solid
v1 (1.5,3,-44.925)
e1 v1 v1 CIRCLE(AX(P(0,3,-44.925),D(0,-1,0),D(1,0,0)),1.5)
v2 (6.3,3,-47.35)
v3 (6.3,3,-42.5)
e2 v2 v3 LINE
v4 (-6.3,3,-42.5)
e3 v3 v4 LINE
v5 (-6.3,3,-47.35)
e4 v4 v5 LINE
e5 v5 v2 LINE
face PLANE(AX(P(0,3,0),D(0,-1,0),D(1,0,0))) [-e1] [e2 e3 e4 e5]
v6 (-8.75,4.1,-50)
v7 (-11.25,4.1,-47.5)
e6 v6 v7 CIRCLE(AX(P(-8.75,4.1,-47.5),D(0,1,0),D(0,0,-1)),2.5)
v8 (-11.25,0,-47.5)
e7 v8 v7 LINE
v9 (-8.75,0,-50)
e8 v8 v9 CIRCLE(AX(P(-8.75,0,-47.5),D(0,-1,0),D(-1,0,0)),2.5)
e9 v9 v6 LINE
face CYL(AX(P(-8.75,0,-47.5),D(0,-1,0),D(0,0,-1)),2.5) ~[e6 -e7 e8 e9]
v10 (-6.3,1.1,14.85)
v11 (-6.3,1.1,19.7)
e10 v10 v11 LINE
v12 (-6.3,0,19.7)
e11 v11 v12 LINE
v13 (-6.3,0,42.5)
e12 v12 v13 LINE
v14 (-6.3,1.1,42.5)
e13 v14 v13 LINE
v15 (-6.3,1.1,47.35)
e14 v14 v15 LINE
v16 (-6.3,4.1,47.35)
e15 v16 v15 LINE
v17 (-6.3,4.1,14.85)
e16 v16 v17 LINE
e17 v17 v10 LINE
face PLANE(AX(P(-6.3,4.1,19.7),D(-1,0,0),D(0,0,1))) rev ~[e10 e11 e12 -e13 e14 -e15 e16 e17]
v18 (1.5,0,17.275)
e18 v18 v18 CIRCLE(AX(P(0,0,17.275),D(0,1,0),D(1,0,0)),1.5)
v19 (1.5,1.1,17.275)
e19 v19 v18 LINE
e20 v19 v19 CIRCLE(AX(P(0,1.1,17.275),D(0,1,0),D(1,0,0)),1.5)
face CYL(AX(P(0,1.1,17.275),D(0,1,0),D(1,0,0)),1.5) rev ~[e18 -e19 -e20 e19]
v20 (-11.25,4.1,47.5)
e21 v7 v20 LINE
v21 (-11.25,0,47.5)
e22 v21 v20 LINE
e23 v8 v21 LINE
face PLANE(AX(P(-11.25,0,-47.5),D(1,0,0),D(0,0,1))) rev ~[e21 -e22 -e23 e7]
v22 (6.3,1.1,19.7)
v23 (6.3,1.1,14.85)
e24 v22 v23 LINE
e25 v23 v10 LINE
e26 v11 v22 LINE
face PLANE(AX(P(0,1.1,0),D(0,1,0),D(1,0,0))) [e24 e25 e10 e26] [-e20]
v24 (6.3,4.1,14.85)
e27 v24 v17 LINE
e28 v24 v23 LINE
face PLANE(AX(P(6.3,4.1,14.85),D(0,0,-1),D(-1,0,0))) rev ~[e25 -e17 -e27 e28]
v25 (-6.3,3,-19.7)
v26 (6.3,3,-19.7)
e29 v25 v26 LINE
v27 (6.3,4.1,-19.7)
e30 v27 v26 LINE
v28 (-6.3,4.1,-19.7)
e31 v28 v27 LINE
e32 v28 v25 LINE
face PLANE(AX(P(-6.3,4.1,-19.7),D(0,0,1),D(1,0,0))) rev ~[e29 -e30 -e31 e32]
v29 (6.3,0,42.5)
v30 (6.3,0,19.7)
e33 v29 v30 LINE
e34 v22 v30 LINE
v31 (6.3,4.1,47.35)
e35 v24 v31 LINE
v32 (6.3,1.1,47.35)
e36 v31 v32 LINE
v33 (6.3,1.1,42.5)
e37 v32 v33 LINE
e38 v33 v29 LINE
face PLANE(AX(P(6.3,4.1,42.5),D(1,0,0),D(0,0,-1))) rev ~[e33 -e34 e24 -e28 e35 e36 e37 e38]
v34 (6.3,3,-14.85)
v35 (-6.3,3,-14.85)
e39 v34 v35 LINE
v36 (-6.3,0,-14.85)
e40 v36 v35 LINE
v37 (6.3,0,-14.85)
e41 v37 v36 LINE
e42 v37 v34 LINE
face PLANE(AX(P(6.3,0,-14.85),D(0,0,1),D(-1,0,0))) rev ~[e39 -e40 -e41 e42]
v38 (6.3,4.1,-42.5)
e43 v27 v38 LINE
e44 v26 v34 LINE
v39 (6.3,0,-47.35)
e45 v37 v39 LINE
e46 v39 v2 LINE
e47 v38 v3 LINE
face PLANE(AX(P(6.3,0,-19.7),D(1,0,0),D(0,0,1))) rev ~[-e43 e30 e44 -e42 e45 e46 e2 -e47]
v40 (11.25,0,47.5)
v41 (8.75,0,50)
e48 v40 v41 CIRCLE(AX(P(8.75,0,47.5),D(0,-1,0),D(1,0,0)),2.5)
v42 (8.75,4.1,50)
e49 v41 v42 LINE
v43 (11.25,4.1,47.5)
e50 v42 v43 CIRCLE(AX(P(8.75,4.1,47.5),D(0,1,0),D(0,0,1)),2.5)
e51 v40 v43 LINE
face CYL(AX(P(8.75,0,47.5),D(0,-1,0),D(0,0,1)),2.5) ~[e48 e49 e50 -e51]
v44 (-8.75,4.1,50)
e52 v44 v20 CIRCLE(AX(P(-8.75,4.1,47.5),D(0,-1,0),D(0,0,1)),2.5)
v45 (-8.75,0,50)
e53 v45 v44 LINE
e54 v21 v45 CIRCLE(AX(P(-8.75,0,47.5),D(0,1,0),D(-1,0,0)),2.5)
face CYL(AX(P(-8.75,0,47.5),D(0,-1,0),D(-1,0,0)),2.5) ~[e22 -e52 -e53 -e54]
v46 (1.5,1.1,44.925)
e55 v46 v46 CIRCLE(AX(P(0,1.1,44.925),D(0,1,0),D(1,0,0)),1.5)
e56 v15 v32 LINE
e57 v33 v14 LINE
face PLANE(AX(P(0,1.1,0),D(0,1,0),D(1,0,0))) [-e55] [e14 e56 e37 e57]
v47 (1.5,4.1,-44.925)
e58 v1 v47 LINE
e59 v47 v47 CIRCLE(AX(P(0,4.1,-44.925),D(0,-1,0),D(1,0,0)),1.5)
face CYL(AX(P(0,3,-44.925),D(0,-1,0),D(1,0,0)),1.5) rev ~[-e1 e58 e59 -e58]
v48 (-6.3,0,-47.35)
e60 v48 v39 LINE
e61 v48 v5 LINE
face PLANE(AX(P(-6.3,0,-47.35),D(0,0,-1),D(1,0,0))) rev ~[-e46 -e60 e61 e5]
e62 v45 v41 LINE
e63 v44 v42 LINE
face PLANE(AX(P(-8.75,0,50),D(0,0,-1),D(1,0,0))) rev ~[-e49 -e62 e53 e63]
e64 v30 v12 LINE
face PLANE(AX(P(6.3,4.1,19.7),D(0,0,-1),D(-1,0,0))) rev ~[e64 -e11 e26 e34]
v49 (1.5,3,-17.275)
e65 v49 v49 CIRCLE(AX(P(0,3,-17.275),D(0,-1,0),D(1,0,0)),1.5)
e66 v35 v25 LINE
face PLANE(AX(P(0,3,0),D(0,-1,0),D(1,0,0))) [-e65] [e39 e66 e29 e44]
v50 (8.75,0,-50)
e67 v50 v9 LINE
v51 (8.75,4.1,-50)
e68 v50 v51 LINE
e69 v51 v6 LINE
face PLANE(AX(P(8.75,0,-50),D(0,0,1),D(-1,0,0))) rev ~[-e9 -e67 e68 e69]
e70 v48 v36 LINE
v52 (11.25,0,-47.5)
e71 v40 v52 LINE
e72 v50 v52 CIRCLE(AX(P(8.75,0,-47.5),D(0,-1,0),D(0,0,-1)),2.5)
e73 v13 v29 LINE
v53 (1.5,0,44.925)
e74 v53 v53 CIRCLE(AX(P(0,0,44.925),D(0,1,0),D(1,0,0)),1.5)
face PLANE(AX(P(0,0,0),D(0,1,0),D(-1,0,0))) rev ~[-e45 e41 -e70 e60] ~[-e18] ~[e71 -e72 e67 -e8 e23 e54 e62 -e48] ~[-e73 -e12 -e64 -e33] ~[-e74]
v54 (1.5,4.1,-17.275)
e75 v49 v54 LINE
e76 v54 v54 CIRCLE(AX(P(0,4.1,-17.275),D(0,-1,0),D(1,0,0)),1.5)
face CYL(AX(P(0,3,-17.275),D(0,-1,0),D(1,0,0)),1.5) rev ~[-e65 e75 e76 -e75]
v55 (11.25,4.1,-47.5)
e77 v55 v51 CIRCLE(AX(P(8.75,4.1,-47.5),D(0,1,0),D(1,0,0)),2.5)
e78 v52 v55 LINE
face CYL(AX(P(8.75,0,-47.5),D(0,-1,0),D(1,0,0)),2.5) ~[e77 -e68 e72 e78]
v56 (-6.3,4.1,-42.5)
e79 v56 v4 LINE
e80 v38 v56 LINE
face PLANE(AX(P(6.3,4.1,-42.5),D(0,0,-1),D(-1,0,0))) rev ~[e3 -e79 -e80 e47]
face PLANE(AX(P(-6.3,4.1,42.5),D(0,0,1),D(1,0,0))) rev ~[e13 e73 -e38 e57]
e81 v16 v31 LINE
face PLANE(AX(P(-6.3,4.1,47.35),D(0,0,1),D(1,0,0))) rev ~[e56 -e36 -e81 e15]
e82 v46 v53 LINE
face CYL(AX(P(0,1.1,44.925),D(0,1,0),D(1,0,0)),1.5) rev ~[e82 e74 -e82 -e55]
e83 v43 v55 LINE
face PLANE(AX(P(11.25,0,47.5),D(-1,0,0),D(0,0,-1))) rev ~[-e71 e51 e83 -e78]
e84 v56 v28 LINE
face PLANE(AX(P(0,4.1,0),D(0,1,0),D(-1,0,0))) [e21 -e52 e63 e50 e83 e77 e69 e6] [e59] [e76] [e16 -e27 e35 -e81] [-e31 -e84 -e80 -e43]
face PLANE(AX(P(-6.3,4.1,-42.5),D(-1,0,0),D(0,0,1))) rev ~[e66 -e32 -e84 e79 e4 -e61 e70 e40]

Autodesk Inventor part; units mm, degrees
ref_plane "YZ Plane" through (0, 0, 0) normal (1, 0, 0) x (0, 1, 0)
ref_plane "XZ Plane" through (0, 0, 0) normal (0, 1, 0) x (-1, 0, 0)
ref_plane "XY Plane" through (0, 0, 0) normal (0, 0, 1) x (1, 0, 0)
sketch "Szkic1" plane through (0, 0, 0) normal (0, 1, 0) x (-1, 0, 0)
  line L0 (8.75, 50) -> (-8.75, 50)
  line L1 (-11.25, 47.5) -> (-11.25, -47.5)
  line L2 (-8.75, -50) -> (8.75, -50)
  line L3 (11.25, -47.5) -> (11.25, 47.5)
  line L4 (-11.25, 50) -> (11.25, -50)
  line L5 (-11.25, -50) -> (11.25, 50)
  arc A0 (11.25, 47.5) -> (8.75, 50) centre (8.75, 47.5) ccw
  arc A1 (-8.75, 50) -> (-11.25, 47.5) centre (-8.75, 47.5) ccw
  arc A2 (-11.25, -47.5) -> (-8.75, -50) centre (-8.75, -47.5) ccw
  arc A3 (8.75, -50) -> (11.25, -47.5) centre (8.75, -47.5) ccw
  point P0 (0, 0)
  point P1 (0, 0)
  dimension "d0" = 22.5
  dimension "d1" = 100
  dimension "d2" = 2.5
extrude "Wyciągnięcie proste1" add sketch "Szkic1" along normal blind 4.1
sketch "Szkic2" plane through (0, 4.1, 0) normal (0, 1, 0) x (1, 0, 0)
  line L0 (-6.3, -42.5) -> (6.3, -42.5)
  line L1 (6.3, -42.5) -> (6.3, -19.7)
  line L2 (6.3, -19.7) -> (-6.3, -19.7)
  line L3 (-6.3, -19.7) -> (-6.3, -42.5)
  line L4 (-8.75, -50) -> (8.75, -50) projected
  line L5 (11.25, -47.5) -> (11.25, 47.5) projected
  line L6 (-6.3, 19.7) -> (6.3, 19.7)
  line L7 (6.3, 19.7) -> (6.3, 42.5)
  line L8 (6.3, 42.5) -> (-6.3, 42.5)
  line L9 (-6.3, 42.5) -> (-6.3, 19.7)
  line L10 (-15.75, 0) -> (15.75, 0) projected
  point P0 (0, 0)
  point P1 (0, -42.5)
  dimension "d5" = 12.6
  dimension "d6" = 22.8
  dimension "d7" = 7.5
  dimension "d8" = 11.25
extrude "Wyciągnięcie proste2" cut sketch "Szkic2" against normal blind 4.1
sketch "Szkic4" plane through (0, 4.1, 0) normal (0, 1, 0) x (1, 0, 0)
  line L0 (-6.3, -47.35) -> (6.3, -47.35)
  line L1 (6.3, -47.35) -> (6.3, -14.85)
  line L2 (6.3, -14.85) -> (-6.3, -14.85)
  line L3 (-6.3, -14.85) -> (-6.3, -47.35)
  line L4 (6.3, -42.5) -> (-6.3, -42.5) projected
  line L5 (-6.3, -19.7) -> (6.3, -19.7) projected
  point P0 (0, 0)
  dimension "d11" = 4.85
  dimension "d12" = 4.85
extrude "Wyciągnięcie proste3" cut sketch "Szkic4" against normal blind 3 contours L3 L4 L1 L0 | L3 L2 L1 L5
sketch "Szkic5" plane through (0, 1.1, 0) normal (0, 1, 0) x (1, 0, 0)
  circle A0 centre (0, -44.925) radius 1.5
  circle A1 centre (0, -17.275) radius 1.5
  circle A2 centre (0, 17.275) radius 1.5
  circle A3 centre (0, 44.925) radius 1.5
  line L0 (-6.3, -42.5) -> (6.3, -42.5) projected
  line L1 (6.3, -19.7) -> (-6.3, -19.7) projected
  line L2 (-6.3, 19.7) -> (6.3, 19.7) projected
  line L3 (6.3, 42.5) -> (-6.3, 42.5) projected
  point P0 (0, 0)
  point P1 (0, -42.5)
  point P2 (0, -19.7)
  point P3 (0, 19.7)
  point P4 (0, 42.5)
  dimension "d17" = 3
  dimension "d18" = 3
  dimension "d19" = 3
  dimension "d20" = 3
  dimension "d21" = 2.425
  dimension "d22" = 2.425
  dimension "d23" = 2.425
  dimension "d24" = 2.425
extrude "Wyciągnięcie proste4" cut sketch "Szkic5" against normal blind 3
sketch "Szkic6" plane through (0, 0, 0) normal (0, -1, 0) x (1, 0, 0)
  line L0 (-6.3, -19.7) -> (6.3, -19.7)
  line L1 (6.3, -19.7) -> (6.3, -14.85)
  line L2 (6.3, -14.85) -> (-6.3, -14.85)
  line L3 (-6.3, -14.85) -> (-6.3, -19.7)
  line L4 (-6.3, -47.35) -> (6.3, -47.35)
  line L5 (6.3, -47.35) -> (6.3, -42.5)
  line L6 (6.3, -42.5) -> (-6.3, -42.5)
  line L7 (-6.3, -42.5) -> (-6.3, -47.35)
  point P0 (0, 0)
  dimension "d27" = 4.85
  dimension "d28" = 4.85
extrude "Wyciągnięcie proste5" cut sketch "Szkic6" against normal blind 3
sketch "Szkic7" plane through (0, 3, 0) normal (0, -1, 0) x (1, 0, 0)
  circle A0 centre (0, -44.925) radius 1.5
  circle A1 centre (0, -17.275) radius 1.5
  line L0 (6.3, -19.7) -> (-6.3, -19.7) projected
  line L1 (-6.3, -42.5) -> (6.3, -42.5) projected
  point P0 (0, 0)
  point P1 (0, -19.7)
  dimension "d31" = 3
  dimension "d32" = 3
  dimension "d33" = 2.425
  dimension "d34" = 2.425
extrude "Wyciągnięcie proste6" cut sketch "Szkic7" against normal blind 3
properties part number "arm_medium_part"
